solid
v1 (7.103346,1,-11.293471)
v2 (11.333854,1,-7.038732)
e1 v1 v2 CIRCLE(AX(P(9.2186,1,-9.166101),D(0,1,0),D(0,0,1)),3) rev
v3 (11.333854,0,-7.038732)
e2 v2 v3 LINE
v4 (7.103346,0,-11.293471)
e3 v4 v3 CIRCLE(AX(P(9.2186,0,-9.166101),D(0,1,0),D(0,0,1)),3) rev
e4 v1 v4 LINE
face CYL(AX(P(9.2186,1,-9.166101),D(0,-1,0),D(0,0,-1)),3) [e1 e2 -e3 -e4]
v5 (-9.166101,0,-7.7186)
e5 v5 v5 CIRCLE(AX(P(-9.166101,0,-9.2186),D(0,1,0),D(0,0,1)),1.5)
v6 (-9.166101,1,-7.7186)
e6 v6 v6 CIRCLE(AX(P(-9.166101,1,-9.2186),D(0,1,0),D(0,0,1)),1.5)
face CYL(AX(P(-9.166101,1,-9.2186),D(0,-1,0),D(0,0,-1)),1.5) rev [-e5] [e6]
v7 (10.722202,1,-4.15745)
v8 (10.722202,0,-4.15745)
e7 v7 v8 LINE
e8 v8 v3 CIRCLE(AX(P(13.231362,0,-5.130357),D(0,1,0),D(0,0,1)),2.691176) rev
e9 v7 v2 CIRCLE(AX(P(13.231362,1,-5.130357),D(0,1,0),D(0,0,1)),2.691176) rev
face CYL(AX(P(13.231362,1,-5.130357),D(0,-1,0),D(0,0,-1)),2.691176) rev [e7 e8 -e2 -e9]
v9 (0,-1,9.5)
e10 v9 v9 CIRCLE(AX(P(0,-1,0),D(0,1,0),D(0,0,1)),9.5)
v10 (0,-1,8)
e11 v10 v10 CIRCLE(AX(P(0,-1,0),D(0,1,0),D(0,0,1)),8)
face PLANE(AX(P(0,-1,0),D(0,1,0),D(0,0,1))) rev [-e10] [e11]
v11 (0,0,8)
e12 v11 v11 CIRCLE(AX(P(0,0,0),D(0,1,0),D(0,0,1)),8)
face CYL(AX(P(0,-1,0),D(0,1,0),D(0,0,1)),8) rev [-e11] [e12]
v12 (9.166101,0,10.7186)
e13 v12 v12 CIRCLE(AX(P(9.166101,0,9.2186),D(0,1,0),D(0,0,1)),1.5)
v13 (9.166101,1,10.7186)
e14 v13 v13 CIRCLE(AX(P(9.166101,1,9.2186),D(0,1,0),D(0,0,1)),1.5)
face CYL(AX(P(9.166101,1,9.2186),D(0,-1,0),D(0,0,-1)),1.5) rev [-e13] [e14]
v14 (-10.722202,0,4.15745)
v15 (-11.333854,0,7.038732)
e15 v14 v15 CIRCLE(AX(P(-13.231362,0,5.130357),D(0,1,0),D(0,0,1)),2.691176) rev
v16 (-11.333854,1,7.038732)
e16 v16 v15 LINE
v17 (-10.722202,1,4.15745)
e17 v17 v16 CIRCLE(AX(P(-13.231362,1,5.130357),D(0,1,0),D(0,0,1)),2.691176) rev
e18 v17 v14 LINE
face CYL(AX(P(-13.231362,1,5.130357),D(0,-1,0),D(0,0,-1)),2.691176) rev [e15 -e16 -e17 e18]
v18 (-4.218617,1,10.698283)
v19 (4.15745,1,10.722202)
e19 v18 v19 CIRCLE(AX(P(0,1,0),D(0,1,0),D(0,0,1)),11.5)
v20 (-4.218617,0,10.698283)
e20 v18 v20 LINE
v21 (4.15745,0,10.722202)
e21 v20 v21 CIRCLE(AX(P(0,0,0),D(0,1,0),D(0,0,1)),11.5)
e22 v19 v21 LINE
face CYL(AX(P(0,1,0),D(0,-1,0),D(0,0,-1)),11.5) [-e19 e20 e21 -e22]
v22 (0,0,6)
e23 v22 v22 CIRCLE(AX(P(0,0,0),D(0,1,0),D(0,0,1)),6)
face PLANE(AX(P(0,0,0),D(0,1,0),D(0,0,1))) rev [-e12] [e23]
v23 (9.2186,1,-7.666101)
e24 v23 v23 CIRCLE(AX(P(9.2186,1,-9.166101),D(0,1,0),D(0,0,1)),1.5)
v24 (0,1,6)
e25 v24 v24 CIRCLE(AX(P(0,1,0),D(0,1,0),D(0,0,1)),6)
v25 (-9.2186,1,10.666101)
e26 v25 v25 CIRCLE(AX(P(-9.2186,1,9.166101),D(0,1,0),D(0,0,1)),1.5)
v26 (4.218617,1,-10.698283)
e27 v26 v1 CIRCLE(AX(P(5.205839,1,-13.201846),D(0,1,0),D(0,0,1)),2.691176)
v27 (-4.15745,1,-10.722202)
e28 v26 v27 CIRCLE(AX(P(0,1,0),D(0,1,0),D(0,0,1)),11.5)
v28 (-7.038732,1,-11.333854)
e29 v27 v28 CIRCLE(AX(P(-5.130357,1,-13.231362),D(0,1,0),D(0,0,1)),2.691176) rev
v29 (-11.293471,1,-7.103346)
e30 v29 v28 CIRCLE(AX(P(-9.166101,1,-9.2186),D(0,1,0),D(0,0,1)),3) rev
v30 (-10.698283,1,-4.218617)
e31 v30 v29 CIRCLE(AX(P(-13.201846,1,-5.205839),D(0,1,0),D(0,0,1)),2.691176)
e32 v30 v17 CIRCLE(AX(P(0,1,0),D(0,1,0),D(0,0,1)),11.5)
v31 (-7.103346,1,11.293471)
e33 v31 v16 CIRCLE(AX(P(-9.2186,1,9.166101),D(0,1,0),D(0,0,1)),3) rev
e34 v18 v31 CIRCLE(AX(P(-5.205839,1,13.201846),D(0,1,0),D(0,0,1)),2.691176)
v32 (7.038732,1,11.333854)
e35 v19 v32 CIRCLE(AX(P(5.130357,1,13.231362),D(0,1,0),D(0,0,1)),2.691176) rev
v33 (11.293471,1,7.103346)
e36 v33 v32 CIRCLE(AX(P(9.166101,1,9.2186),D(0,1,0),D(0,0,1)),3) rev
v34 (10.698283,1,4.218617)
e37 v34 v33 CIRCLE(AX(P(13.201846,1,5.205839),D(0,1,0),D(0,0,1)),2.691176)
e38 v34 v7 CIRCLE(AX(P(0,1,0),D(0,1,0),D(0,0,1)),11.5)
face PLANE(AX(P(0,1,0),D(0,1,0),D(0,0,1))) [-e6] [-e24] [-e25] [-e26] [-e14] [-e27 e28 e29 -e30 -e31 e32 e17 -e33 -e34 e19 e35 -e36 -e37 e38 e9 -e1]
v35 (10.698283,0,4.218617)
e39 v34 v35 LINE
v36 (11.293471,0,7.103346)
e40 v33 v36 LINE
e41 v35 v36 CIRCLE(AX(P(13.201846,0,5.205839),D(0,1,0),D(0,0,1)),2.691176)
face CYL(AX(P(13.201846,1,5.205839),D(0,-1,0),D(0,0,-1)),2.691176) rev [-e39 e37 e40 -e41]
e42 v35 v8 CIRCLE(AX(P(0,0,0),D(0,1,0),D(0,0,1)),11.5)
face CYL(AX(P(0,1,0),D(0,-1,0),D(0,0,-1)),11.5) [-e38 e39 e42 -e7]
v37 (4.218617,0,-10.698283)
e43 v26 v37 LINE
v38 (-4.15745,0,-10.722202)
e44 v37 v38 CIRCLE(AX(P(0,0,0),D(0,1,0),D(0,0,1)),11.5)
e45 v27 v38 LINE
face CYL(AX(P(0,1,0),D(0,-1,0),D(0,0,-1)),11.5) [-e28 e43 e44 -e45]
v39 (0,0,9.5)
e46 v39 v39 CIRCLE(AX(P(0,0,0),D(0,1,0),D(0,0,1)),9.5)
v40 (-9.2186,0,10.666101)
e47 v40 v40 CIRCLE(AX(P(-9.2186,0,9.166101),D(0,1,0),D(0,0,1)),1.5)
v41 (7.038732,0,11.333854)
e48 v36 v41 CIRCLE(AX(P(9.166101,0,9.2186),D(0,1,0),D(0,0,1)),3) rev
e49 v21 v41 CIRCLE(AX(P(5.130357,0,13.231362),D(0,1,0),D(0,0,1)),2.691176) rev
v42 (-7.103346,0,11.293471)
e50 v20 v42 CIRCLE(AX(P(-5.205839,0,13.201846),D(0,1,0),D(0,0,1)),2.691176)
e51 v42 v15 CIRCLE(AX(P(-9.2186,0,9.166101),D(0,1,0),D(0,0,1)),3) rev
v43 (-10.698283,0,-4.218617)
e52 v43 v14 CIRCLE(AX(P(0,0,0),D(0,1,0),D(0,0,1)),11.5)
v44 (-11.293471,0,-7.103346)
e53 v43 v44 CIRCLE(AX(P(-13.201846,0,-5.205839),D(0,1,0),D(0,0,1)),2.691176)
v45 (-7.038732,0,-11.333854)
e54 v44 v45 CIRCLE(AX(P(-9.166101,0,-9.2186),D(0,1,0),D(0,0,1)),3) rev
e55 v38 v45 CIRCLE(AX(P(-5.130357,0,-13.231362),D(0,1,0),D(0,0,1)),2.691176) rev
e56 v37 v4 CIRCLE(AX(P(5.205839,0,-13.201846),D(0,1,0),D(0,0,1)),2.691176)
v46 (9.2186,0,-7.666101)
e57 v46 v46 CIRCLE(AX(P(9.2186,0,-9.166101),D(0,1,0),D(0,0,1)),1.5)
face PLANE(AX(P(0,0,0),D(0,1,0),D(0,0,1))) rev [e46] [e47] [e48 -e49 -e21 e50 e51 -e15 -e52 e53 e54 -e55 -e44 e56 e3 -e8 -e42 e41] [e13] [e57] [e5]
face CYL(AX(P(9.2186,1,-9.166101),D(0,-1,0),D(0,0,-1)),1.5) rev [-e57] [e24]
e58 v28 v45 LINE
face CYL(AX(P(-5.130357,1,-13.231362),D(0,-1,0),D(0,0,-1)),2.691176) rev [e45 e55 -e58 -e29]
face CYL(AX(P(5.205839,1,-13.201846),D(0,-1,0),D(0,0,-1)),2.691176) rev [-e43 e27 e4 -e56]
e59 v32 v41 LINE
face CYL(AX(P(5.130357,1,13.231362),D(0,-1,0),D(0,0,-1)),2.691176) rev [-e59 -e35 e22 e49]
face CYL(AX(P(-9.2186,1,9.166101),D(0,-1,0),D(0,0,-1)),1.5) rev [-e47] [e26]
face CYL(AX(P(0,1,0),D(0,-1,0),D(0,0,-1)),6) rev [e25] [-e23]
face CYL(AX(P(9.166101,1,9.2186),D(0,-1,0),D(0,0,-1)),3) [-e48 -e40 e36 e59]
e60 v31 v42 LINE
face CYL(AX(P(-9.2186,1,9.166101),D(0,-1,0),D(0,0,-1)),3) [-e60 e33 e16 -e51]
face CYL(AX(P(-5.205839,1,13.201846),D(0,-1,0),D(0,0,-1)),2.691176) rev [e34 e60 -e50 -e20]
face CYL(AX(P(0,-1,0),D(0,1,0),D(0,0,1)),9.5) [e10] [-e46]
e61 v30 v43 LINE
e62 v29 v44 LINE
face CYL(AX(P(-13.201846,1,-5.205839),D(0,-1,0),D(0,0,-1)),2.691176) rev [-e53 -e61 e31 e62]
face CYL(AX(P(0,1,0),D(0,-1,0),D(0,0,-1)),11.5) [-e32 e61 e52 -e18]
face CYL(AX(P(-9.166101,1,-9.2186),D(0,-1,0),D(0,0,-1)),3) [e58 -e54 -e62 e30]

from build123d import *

# Parameters (mm, degrees)
SKETCH1_R           = 6
SKETCH1_R_2         = 1.5
BOSS_EXTRUDE1_DEPTH = 1
SKETCH3_R           = 9.5
SKETCH3_R_2         = 8
BOSS_EXTRUDE2_DEPTH = 1


with BuildPart() as part:
    # Sketch1 → Boss-Extrude1 (new body)
    with BuildSketch(Plane(origin=(0, 0, 0), x_dir=(1, 0, 0), z_dir=(0, 1, 0))):
        with BuildLine():
            ThreePointArc((10.722201854, 4.157449627), (10.598848399, 5.689199117), (11.333854237, 7.038731997))
            ThreePointArc((11.333854237, 7.038731997), (11.345969357, 11.281355386), (7.103345968, 11.293470506))
            ThreePointArc((7.103345968, 11.293470506), (5.749637406, 10.566183969), (4.218617379, 10.698283386))
            ThreePointArc((4.218617379, 10.698283386), (0.032838952, 11.499953113), (-4.157449627, 10.722201854))
            ThreePointArc((-4.157449627, 10.722201854), (-5.689199117, 10.598848399), (-7.038731997, 11.333854237))
            ThreePointArc((-7.038731997, 11.333854237), (-11.281355386, 11.345969357), (-11.293470506, 7.103345968))
            ThreePointArc((-11.293470506, 7.103345968), (-10.566183969, 5.749637406), (-10.698283386, 4.218617379))
            ThreePointArc((-10.698283386, 4.218617379), (-11.499953113, 0.032838952), (-10.722201854, -4.157449627))
            ThreePointArc((-10.722201854, -4.157449627), (-10.598848399, -5.689199117), (-11.333854237, -7.038731997))
            ThreePointArc((-11.333854237, -7.038731997), (-11.345969357, -11.281355386), (-7.103345968, -11.293470506))
            ThreePointArc((-7.103345968, -11.293470506), (-5.749637406, -10.566183969), (-4.218617379, -10.698283386))
            ThreePointArc((-4.218617379, -10.698283386), (-0.032838952, -11.499953113), (4.157449627, -10.722201854))
            ThreePointArc((4.157449627, -10.722201854), (5.689199117, -10.598848399), (7.038731997, -11.333854237))
            ThreePointArc((7.038731997, -11.333854237), (11.281355386, -11.345969357), (11.293470506, -7.103345968))
            ThreePointArc((11.293470506, -7.103345968), (10.566183969, -5.749637406), (10.698283386, -4.218617379))
            ThreePointArc((10.698283386, -4.218617379), (11.499953113, -0.032838952), (10.722201854, 4.157449627))
        make_face()
        Circle(SKETCH1_R, mode=Mode.SUBTRACT)
        with Locations((9.218600102, 9.166101251)):
            Circle(SKETCH1_R_2, mode=Mode.SUBTRACT)
        with Locations((9.166101251, -9.218600102)):
            Circle(SKETCH1_R_2, mode=Mode.SUBTRACT)
        with Locations((-9.166101251, 9.218600102)):
            Circle(SKETCH1_R_2, mode=Mode.SUBTRACT)
        with Locations((-9.218600102, -9.166101251)):
            Circle(SKETCH1_R_2, mode=Mode.SUBTRACT)
    extrude(amount=BOSS_EXTRUDE1_DEPTH)

    # Sketch3 → Boss-Extrude2 (add)
    with BuildSketch(Plane(origin=(0, 0, 0), x_dir=(1, 0, 0), z_dir=(0, 1, 0))):
        Circle(SKETCH3_R)
        Circle(SKETCH3_R_2, mode=Mode.SUBTRACT)
    extrude(amount=-BOSS_EXTRUDE2_DEPTH)


solid = part.part
